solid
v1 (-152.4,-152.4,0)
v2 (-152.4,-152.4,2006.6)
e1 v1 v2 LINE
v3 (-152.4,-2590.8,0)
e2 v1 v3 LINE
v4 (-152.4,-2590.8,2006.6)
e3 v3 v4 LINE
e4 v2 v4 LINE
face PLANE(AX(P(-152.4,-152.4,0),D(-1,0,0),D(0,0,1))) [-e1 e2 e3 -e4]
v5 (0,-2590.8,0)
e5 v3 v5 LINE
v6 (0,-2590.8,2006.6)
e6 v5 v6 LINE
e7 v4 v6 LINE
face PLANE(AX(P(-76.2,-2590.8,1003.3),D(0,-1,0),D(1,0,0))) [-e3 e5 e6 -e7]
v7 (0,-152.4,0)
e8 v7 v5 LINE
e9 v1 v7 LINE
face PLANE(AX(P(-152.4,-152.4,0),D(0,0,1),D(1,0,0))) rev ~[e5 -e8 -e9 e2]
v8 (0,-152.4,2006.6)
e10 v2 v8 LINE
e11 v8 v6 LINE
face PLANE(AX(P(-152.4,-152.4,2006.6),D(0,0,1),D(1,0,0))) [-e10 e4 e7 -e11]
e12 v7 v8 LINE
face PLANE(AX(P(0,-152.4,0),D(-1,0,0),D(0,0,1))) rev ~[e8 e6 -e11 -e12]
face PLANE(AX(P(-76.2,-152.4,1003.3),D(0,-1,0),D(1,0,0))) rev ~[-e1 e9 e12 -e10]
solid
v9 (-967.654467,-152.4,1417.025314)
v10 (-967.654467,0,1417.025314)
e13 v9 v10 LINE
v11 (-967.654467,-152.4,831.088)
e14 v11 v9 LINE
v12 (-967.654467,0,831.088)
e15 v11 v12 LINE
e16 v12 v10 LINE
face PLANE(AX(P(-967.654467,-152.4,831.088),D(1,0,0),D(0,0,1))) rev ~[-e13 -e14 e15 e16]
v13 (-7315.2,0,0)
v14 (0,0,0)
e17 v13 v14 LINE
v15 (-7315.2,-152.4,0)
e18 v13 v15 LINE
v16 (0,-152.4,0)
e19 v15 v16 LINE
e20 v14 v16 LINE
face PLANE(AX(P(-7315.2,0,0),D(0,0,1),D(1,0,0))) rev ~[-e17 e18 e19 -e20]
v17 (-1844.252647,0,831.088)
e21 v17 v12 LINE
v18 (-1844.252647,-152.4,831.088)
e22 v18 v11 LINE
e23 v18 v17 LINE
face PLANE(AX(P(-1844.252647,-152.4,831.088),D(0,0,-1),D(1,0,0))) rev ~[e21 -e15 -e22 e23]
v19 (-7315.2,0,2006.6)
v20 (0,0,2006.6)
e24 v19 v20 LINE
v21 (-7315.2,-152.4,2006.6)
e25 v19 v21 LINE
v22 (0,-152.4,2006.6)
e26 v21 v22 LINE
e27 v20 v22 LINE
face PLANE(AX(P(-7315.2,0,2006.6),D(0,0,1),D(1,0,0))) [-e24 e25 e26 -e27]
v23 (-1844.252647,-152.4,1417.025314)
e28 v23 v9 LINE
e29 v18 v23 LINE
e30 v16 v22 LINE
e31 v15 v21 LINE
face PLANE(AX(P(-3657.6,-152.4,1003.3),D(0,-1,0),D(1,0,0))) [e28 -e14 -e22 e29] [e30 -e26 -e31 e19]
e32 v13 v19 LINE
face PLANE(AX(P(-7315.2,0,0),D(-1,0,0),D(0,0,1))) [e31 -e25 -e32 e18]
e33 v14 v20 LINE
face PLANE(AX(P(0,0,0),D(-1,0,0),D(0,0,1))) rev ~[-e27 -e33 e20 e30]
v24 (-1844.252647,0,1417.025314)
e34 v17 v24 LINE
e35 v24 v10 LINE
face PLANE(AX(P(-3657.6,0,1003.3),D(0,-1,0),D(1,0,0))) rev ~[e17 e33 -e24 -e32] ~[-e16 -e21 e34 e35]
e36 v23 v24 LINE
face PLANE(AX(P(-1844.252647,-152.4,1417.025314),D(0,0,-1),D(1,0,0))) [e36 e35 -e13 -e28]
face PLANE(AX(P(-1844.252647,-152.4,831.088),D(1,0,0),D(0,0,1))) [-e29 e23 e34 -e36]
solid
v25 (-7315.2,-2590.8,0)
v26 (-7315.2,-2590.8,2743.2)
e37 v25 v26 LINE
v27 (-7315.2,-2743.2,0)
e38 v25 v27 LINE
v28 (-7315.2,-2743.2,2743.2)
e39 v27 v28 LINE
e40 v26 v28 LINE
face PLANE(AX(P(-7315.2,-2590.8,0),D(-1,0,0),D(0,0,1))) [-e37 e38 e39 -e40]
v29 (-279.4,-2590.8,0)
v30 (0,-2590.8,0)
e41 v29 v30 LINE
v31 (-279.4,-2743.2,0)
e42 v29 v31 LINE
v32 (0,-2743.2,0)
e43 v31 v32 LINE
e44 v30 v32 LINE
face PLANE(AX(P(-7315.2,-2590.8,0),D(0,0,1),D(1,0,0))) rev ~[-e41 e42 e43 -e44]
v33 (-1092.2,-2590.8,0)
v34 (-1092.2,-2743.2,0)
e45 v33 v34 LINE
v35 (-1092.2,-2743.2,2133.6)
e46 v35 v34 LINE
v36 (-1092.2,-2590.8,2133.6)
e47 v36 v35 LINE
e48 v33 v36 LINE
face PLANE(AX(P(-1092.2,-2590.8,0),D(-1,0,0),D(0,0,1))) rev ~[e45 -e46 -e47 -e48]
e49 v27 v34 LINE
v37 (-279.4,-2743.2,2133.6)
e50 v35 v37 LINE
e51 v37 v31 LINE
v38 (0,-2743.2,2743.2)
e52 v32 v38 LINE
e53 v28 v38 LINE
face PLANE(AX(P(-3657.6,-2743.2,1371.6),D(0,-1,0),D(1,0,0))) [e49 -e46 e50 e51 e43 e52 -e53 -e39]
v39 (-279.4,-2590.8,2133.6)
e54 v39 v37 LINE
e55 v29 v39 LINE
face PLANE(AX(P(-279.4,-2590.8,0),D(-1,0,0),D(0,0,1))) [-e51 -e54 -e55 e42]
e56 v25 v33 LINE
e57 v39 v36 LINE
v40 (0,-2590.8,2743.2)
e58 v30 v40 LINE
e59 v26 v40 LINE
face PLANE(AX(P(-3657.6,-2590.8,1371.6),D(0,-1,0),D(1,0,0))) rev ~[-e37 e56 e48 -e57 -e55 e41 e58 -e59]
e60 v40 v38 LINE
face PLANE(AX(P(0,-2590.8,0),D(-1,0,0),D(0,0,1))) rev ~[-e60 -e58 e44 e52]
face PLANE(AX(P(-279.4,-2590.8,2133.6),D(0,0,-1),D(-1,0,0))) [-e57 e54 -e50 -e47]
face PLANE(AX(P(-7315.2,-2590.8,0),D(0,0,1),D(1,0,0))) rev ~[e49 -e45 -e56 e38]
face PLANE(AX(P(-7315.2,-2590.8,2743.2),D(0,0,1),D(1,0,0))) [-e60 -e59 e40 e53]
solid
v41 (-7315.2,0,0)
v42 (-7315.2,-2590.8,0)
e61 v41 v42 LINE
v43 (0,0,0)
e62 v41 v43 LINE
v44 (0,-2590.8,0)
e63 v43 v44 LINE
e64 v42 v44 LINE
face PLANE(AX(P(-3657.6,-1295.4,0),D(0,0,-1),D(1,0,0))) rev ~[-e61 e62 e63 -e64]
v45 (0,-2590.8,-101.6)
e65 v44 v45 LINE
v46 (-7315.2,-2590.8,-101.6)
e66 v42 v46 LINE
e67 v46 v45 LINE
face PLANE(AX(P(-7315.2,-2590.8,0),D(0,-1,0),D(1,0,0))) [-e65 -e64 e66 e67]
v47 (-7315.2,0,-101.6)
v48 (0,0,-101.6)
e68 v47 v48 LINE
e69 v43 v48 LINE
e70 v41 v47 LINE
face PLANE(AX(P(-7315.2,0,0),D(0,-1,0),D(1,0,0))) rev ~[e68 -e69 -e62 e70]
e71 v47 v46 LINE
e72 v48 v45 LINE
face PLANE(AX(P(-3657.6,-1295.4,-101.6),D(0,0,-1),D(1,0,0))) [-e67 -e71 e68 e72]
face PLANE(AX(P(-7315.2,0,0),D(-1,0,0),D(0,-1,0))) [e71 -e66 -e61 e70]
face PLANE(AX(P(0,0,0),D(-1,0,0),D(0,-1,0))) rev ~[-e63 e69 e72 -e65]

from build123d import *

# Parameters (mm, degrees)
F0_W      = 7315.2
F0_H      = 2006.6
F1_DEPTH  = 152.4
F2_W      = 876.598181
F2_H      = 585.937315
F3_DEPTH  = 152.401
F4_W      = 152.4
F4_H      = 2006.6
F5_DEPTH  = 2438.4
F6_W      = 7315.2
F6_H      = 2590.8
F7_DEPTH  = 101.6
F8_W      = 7315.2
F8_H      = 2743.2
F9_DEPTH  = 152.4
F10_W     = 812.8
F10_H     = 2133.6
F11_DEPTH = 152.401


with BuildPart() as f1:
    # F0 (on Front) → F1 (new body)
    with BuildSketch(Plane.XZ):
        with Locations((-3657.6, 1003.3)):
            Rectangle(F0_W, F0_H)
    extrude(amount=F1_DEPTH)

    # F2 (on face) → F3 (cut, through all)
    with BuildSketch(Plane.XZ.offset(152.4)):
        with Locations((-1405.953557, 1124.056657)):
            Rectangle(F2_W, F2_H)
    extrude(amount=-F3_DEPTH, mode=Mode.SUBTRACT)


with BuildPart() as f5:
    # F4 (on face) → F5 (new body)
    with BuildSketch(Plane.XZ.offset(152.4)):
        with Locations((-76.2, 1003.3)):
            Rectangle(F4_W, F4_H)
    extrude(amount=F5_DEPTH)


with BuildPart() as f7:
    # F6 (on face) → F7 (new body)
    with BuildSketch(Plane(origin=(0, 0, 0), x_dir=(1, 0, 0), z_dir=(0, 0, -1))):
        with Locations((-3657.6, 1295.4)):
            Rectangle(F6_W, F6_H)
    extrude(amount=F7_DEPTH)


with BuildPart() as f9:
    # F8 (on face) → F9 (new body)
    with BuildSketch(Plane.XZ.offset(2590.8)):
        with Locations((-3657.6, 1371.6)):
            Rectangle(F8_W, F8_H)
    extrude(amount=F9_DEPTH)

    # F10 (on face) → F11 (cut, through all)
    with BuildSketch(Plane(origin=(0, -2590.8, 0), x_dir=(-1, 0, 0), z_dir=(0, 1, 0))):
        with Locations((685.8, 1066.8)):
            Rectangle(F10_W, F10_H)
    extrude(amount=-F11_DEPTH, mode=Mode.SUBTRACT)


solid = Compound([f1.part, f5.part, f7.part, f9.part])
